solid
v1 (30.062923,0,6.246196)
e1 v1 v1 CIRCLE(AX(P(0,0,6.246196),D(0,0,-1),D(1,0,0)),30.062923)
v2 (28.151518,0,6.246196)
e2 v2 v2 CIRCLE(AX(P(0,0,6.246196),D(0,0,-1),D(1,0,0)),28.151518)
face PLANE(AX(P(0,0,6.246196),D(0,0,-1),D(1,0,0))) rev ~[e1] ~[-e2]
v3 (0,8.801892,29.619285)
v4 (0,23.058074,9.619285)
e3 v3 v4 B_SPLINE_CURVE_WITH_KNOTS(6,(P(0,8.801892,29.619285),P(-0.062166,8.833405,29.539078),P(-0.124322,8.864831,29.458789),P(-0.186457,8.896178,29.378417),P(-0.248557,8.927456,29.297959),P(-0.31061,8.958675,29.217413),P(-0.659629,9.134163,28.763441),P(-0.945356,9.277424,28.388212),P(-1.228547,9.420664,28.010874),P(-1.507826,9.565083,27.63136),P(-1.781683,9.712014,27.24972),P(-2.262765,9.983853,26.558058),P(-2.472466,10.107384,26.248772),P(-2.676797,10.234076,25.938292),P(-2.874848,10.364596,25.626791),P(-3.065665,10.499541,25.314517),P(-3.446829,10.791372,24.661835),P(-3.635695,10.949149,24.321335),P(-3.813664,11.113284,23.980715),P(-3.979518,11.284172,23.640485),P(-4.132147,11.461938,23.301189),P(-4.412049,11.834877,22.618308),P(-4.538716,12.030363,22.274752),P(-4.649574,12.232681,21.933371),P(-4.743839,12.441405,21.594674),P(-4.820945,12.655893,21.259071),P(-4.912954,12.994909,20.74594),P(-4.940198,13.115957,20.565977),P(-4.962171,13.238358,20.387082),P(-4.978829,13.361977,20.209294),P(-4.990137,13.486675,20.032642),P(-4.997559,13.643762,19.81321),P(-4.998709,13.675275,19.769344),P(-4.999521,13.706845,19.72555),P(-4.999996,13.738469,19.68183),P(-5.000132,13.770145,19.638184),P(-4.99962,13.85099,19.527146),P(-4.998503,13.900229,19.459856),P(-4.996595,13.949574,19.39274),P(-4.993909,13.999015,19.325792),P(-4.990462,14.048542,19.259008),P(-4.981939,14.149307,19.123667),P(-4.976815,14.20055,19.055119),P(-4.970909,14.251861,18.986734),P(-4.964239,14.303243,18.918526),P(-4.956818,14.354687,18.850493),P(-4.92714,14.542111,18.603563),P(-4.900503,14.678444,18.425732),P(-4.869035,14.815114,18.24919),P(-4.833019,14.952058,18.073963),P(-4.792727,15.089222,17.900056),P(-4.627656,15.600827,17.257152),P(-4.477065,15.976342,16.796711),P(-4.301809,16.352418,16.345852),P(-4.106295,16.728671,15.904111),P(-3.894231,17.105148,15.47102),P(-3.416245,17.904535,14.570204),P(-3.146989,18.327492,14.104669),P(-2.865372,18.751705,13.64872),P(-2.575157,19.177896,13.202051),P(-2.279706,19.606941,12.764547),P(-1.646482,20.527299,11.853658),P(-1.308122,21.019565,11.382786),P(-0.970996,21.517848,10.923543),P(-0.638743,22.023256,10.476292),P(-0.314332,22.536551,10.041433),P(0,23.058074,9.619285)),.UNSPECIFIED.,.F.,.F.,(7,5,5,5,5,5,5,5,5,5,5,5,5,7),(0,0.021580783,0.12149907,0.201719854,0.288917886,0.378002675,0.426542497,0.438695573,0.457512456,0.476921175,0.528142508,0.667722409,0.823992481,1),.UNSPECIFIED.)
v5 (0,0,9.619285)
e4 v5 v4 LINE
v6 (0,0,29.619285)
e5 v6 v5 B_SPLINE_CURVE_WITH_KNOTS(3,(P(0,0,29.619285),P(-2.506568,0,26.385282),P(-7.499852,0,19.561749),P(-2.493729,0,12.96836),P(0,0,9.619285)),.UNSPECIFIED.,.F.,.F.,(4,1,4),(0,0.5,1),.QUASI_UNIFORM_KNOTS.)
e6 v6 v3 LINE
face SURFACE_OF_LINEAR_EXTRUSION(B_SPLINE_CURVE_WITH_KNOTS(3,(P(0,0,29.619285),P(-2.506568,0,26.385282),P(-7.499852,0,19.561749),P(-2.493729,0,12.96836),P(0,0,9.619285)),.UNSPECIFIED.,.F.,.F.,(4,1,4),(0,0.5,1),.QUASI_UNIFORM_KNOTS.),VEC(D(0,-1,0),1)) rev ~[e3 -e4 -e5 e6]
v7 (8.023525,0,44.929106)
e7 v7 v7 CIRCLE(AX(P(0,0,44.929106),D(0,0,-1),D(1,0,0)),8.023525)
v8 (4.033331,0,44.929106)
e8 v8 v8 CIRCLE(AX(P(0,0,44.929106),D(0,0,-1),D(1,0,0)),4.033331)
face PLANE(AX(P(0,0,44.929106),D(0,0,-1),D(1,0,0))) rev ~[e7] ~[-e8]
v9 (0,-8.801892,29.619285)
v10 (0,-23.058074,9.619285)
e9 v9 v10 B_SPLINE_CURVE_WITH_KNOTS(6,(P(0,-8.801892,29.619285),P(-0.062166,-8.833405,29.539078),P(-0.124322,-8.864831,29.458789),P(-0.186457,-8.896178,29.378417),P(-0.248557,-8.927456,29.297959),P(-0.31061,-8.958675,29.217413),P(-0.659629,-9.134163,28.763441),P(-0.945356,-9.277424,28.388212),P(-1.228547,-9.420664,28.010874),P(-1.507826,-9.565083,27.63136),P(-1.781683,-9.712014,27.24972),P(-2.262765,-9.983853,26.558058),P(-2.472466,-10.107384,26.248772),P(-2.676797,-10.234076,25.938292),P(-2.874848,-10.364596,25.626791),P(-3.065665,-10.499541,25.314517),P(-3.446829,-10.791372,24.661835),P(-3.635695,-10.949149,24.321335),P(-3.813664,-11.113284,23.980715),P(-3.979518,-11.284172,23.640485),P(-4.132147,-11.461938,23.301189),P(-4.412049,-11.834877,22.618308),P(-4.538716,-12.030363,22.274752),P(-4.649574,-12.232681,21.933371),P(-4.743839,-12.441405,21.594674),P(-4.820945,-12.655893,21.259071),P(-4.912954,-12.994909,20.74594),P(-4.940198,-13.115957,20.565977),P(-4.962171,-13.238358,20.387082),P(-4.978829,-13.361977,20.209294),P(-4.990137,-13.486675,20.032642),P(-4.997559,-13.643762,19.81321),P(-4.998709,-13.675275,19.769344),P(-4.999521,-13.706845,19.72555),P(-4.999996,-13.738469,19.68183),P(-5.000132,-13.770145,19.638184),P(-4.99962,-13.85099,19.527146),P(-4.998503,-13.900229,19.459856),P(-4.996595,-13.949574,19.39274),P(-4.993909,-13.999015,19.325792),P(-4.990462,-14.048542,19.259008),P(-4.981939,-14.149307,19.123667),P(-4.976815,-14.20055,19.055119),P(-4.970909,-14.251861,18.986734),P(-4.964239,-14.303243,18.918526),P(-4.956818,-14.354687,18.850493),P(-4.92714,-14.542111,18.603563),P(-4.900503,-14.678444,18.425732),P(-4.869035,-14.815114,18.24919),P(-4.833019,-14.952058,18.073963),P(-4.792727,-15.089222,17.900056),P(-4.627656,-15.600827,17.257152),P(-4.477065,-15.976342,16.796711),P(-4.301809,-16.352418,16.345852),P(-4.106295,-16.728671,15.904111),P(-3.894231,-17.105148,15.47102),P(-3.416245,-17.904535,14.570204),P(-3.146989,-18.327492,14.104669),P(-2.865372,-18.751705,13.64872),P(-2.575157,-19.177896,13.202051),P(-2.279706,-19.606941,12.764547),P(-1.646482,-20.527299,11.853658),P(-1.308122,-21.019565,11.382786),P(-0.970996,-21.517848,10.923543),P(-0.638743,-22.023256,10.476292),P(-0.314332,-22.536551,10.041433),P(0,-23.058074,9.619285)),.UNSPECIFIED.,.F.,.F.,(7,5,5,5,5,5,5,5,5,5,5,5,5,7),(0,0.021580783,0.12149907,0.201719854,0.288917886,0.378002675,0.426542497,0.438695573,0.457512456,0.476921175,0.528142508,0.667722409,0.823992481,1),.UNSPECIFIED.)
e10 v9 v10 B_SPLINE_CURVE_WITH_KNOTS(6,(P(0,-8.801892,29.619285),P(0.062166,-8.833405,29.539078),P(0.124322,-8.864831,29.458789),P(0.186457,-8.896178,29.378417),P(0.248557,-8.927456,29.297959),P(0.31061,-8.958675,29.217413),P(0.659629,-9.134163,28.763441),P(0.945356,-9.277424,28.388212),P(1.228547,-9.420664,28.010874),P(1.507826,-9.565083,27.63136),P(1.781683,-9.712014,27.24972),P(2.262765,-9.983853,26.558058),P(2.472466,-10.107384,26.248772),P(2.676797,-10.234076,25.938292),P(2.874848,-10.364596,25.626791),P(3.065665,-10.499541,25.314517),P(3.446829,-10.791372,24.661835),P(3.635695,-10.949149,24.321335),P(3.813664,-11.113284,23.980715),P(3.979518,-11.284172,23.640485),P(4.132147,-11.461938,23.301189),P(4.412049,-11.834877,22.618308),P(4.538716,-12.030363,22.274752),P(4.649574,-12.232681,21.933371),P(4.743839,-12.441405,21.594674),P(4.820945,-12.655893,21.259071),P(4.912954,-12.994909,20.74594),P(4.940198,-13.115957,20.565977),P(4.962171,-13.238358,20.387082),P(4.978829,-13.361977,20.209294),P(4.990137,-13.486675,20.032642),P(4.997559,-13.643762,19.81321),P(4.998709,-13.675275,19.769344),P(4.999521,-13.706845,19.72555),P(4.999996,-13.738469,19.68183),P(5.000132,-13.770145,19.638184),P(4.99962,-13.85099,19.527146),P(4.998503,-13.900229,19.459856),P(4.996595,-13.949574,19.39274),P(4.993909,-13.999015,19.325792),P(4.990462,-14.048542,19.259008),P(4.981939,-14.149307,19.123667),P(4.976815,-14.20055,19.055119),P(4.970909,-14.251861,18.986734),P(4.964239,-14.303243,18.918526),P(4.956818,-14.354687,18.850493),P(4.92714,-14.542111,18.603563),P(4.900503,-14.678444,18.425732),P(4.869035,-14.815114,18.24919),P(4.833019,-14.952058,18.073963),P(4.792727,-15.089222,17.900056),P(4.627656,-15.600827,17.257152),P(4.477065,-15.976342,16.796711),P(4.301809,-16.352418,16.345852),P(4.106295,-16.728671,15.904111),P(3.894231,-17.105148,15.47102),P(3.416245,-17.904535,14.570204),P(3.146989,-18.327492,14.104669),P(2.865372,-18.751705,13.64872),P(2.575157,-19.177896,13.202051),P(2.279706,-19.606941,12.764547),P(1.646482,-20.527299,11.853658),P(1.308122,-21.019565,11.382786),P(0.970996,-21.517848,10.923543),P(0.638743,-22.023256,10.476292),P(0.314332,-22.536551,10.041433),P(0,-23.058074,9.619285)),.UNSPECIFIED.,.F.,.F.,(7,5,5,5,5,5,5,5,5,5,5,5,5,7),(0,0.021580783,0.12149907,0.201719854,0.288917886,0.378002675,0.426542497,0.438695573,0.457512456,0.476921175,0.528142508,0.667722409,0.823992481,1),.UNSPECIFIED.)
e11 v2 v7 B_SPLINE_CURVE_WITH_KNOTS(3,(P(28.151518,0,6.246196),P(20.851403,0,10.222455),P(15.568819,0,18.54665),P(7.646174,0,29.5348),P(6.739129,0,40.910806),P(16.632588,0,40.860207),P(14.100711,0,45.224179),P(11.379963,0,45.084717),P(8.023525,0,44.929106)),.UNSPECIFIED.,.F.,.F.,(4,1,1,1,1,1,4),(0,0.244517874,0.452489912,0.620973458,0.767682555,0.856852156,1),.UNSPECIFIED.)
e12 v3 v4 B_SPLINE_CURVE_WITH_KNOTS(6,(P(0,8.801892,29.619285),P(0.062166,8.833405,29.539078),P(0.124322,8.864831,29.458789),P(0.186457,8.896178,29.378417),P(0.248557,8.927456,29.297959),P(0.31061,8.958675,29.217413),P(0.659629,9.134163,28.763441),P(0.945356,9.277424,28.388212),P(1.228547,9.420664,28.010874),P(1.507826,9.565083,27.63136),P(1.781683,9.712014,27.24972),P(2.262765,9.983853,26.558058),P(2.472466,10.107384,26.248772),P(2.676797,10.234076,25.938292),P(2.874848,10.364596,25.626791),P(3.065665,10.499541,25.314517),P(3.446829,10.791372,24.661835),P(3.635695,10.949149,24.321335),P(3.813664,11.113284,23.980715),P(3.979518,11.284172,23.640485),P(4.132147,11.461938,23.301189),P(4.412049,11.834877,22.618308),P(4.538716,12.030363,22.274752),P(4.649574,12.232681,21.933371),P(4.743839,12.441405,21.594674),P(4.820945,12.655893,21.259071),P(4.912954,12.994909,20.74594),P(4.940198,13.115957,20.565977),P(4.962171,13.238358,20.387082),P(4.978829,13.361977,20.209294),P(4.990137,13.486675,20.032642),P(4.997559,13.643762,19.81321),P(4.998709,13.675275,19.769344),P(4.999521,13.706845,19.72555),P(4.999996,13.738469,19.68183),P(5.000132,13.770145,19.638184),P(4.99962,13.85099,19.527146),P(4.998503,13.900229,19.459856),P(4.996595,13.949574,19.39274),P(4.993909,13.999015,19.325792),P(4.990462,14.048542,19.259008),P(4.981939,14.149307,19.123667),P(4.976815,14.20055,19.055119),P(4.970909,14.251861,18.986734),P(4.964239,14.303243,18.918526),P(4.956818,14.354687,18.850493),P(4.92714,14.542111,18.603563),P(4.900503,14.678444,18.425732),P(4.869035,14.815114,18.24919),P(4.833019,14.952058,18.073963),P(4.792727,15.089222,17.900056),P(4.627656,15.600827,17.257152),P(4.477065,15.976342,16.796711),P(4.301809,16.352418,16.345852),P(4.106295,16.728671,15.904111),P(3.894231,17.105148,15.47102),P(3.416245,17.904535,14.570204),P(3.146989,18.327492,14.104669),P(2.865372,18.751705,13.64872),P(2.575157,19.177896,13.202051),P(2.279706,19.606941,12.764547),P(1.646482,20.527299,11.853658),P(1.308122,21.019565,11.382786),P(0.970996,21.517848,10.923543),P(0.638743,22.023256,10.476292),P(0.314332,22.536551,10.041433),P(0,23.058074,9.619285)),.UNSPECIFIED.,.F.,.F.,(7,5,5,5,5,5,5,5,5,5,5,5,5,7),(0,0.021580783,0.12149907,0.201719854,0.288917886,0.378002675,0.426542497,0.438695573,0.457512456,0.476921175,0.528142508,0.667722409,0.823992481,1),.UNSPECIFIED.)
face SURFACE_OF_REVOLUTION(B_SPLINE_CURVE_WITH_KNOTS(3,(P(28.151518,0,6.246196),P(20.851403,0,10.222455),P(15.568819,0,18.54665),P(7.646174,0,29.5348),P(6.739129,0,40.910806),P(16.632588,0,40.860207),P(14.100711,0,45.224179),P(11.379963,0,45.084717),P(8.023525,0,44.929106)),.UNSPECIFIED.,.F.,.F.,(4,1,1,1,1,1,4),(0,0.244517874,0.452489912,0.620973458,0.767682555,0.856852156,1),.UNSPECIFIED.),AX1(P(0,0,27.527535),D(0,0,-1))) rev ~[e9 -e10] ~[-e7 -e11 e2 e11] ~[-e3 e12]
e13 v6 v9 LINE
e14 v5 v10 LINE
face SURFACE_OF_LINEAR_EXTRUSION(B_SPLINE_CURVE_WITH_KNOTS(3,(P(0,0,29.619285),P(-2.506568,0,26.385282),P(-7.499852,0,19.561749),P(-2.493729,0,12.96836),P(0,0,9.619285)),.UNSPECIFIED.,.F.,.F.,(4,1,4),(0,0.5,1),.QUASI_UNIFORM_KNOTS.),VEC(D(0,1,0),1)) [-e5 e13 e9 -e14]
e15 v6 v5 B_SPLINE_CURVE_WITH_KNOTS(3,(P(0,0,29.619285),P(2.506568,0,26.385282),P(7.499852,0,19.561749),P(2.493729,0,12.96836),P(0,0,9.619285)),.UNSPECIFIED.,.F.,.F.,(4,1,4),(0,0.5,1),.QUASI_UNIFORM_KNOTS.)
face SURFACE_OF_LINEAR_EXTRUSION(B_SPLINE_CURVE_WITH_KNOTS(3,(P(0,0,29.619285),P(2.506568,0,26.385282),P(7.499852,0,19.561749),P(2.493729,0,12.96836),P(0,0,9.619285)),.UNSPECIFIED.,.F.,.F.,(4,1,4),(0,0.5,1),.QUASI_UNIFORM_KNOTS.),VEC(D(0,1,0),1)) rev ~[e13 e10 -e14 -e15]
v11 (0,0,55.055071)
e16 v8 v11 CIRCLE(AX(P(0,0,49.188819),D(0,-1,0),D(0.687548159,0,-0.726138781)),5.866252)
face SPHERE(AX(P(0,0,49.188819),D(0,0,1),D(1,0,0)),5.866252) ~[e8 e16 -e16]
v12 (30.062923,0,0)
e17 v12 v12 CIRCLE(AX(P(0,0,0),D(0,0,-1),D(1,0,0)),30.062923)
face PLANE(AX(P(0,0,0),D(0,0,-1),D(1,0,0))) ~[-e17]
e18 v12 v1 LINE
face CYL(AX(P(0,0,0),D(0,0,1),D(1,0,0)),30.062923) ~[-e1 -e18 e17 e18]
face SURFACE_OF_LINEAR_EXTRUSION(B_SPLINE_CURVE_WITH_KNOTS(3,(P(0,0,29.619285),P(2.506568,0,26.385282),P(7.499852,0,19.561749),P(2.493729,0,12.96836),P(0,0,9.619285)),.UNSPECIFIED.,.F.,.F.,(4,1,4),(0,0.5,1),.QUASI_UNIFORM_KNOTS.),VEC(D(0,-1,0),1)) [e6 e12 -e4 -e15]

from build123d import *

# Parameters (mm, degrees)
F3_DEPTH      = 30.0639232079
F3_DEPTH_BACK = 30.0639232079


with BuildPart() as f1:
    # F0 (on Front) → F1 (revolve)
    with BuildSketch(Plane.XZ):
        with BuildLine():
            Line((0, 55.0550706685), (0, 0))
            Line((0, 0), (30.0629232079, 0))
            Line((30.0629232079, 0), (30.0629232079, 6.2461961061))
            Line((30.0629232079, 6.2461961061), (28.1515177339, 6.2461961061))
            add(Edge.make_bspline(
                [(28.1515177339, 6.2461961061), (20.8514027433, 10.2224548639), (15.5688193856, 18.5466500971), (7.6461738794, 29.5347998868), (6.7391293859, 40.9108059528), (16.6325883831, 40.8602065067), (14.1007108995, 45.2241793388), (11.379963248, 45.0847172222), (8.0235246569, 44.9291057885)],
                knots=[0, 0, 0, 0, 0.2445178736, 0.4524899116, 0.6209734583, 0.7676825545, 0.8568521555, 1, 1, 1, 1], degree=3))
            Line((8.0235246569, 44.9291057885), (4.0333306828, 44.9291057885))
            ThreePointArc((4.0333306828, 44.9291057885), (5.4498376386, 51.3595746191), (0, 55.0550706685))
        make_face()
    revolve(axis=Axis((0, 0, 27.5275353342), (0, 0, -1)))

    # F2 (on Front) → F3 (cut, two sides)
    with BuildSketch(Plane.XZ) as f3_sk:
        with BuildLine():
            Line((0, 9.6192849411), (0, 29.6192849411))
            add(Edge.make_bspline(
                [(0, 29.6192849411), (-2.5065675998, 26.3852821126), (-7.4998516638, 19.5617489866), (-2.4937290726, 12.9683596788), (0, 9.6192849411)],
                knots=[0, 0, 0, 0, 0.5, 1, 1, 1, 1], degree=3))
        make_face()
        with BuildLine():
            add(Edge.make_bspline(
                [(0, 29.6192849411), (2.5065675998, 26.3852821126), (7.4998516638, 19.5617489866), (2.4937290726, 12.9683596788), (0, 9.6192849411)],
                knots=[0, 0, 0, 0, 0.5, 1, 1, 1, 1], degree=3))
            Line((0, 29.6192849411), (0, 9.6192849411))
        make_face()
    extrude(amount=-F3_DEPTH, mode=Mode.SUBTRACT)
    extrude(f3_sk.sketch, amount=F3_DEPTH_BACK, mode=Mode.SUBTRACT)


solid = f1.part
